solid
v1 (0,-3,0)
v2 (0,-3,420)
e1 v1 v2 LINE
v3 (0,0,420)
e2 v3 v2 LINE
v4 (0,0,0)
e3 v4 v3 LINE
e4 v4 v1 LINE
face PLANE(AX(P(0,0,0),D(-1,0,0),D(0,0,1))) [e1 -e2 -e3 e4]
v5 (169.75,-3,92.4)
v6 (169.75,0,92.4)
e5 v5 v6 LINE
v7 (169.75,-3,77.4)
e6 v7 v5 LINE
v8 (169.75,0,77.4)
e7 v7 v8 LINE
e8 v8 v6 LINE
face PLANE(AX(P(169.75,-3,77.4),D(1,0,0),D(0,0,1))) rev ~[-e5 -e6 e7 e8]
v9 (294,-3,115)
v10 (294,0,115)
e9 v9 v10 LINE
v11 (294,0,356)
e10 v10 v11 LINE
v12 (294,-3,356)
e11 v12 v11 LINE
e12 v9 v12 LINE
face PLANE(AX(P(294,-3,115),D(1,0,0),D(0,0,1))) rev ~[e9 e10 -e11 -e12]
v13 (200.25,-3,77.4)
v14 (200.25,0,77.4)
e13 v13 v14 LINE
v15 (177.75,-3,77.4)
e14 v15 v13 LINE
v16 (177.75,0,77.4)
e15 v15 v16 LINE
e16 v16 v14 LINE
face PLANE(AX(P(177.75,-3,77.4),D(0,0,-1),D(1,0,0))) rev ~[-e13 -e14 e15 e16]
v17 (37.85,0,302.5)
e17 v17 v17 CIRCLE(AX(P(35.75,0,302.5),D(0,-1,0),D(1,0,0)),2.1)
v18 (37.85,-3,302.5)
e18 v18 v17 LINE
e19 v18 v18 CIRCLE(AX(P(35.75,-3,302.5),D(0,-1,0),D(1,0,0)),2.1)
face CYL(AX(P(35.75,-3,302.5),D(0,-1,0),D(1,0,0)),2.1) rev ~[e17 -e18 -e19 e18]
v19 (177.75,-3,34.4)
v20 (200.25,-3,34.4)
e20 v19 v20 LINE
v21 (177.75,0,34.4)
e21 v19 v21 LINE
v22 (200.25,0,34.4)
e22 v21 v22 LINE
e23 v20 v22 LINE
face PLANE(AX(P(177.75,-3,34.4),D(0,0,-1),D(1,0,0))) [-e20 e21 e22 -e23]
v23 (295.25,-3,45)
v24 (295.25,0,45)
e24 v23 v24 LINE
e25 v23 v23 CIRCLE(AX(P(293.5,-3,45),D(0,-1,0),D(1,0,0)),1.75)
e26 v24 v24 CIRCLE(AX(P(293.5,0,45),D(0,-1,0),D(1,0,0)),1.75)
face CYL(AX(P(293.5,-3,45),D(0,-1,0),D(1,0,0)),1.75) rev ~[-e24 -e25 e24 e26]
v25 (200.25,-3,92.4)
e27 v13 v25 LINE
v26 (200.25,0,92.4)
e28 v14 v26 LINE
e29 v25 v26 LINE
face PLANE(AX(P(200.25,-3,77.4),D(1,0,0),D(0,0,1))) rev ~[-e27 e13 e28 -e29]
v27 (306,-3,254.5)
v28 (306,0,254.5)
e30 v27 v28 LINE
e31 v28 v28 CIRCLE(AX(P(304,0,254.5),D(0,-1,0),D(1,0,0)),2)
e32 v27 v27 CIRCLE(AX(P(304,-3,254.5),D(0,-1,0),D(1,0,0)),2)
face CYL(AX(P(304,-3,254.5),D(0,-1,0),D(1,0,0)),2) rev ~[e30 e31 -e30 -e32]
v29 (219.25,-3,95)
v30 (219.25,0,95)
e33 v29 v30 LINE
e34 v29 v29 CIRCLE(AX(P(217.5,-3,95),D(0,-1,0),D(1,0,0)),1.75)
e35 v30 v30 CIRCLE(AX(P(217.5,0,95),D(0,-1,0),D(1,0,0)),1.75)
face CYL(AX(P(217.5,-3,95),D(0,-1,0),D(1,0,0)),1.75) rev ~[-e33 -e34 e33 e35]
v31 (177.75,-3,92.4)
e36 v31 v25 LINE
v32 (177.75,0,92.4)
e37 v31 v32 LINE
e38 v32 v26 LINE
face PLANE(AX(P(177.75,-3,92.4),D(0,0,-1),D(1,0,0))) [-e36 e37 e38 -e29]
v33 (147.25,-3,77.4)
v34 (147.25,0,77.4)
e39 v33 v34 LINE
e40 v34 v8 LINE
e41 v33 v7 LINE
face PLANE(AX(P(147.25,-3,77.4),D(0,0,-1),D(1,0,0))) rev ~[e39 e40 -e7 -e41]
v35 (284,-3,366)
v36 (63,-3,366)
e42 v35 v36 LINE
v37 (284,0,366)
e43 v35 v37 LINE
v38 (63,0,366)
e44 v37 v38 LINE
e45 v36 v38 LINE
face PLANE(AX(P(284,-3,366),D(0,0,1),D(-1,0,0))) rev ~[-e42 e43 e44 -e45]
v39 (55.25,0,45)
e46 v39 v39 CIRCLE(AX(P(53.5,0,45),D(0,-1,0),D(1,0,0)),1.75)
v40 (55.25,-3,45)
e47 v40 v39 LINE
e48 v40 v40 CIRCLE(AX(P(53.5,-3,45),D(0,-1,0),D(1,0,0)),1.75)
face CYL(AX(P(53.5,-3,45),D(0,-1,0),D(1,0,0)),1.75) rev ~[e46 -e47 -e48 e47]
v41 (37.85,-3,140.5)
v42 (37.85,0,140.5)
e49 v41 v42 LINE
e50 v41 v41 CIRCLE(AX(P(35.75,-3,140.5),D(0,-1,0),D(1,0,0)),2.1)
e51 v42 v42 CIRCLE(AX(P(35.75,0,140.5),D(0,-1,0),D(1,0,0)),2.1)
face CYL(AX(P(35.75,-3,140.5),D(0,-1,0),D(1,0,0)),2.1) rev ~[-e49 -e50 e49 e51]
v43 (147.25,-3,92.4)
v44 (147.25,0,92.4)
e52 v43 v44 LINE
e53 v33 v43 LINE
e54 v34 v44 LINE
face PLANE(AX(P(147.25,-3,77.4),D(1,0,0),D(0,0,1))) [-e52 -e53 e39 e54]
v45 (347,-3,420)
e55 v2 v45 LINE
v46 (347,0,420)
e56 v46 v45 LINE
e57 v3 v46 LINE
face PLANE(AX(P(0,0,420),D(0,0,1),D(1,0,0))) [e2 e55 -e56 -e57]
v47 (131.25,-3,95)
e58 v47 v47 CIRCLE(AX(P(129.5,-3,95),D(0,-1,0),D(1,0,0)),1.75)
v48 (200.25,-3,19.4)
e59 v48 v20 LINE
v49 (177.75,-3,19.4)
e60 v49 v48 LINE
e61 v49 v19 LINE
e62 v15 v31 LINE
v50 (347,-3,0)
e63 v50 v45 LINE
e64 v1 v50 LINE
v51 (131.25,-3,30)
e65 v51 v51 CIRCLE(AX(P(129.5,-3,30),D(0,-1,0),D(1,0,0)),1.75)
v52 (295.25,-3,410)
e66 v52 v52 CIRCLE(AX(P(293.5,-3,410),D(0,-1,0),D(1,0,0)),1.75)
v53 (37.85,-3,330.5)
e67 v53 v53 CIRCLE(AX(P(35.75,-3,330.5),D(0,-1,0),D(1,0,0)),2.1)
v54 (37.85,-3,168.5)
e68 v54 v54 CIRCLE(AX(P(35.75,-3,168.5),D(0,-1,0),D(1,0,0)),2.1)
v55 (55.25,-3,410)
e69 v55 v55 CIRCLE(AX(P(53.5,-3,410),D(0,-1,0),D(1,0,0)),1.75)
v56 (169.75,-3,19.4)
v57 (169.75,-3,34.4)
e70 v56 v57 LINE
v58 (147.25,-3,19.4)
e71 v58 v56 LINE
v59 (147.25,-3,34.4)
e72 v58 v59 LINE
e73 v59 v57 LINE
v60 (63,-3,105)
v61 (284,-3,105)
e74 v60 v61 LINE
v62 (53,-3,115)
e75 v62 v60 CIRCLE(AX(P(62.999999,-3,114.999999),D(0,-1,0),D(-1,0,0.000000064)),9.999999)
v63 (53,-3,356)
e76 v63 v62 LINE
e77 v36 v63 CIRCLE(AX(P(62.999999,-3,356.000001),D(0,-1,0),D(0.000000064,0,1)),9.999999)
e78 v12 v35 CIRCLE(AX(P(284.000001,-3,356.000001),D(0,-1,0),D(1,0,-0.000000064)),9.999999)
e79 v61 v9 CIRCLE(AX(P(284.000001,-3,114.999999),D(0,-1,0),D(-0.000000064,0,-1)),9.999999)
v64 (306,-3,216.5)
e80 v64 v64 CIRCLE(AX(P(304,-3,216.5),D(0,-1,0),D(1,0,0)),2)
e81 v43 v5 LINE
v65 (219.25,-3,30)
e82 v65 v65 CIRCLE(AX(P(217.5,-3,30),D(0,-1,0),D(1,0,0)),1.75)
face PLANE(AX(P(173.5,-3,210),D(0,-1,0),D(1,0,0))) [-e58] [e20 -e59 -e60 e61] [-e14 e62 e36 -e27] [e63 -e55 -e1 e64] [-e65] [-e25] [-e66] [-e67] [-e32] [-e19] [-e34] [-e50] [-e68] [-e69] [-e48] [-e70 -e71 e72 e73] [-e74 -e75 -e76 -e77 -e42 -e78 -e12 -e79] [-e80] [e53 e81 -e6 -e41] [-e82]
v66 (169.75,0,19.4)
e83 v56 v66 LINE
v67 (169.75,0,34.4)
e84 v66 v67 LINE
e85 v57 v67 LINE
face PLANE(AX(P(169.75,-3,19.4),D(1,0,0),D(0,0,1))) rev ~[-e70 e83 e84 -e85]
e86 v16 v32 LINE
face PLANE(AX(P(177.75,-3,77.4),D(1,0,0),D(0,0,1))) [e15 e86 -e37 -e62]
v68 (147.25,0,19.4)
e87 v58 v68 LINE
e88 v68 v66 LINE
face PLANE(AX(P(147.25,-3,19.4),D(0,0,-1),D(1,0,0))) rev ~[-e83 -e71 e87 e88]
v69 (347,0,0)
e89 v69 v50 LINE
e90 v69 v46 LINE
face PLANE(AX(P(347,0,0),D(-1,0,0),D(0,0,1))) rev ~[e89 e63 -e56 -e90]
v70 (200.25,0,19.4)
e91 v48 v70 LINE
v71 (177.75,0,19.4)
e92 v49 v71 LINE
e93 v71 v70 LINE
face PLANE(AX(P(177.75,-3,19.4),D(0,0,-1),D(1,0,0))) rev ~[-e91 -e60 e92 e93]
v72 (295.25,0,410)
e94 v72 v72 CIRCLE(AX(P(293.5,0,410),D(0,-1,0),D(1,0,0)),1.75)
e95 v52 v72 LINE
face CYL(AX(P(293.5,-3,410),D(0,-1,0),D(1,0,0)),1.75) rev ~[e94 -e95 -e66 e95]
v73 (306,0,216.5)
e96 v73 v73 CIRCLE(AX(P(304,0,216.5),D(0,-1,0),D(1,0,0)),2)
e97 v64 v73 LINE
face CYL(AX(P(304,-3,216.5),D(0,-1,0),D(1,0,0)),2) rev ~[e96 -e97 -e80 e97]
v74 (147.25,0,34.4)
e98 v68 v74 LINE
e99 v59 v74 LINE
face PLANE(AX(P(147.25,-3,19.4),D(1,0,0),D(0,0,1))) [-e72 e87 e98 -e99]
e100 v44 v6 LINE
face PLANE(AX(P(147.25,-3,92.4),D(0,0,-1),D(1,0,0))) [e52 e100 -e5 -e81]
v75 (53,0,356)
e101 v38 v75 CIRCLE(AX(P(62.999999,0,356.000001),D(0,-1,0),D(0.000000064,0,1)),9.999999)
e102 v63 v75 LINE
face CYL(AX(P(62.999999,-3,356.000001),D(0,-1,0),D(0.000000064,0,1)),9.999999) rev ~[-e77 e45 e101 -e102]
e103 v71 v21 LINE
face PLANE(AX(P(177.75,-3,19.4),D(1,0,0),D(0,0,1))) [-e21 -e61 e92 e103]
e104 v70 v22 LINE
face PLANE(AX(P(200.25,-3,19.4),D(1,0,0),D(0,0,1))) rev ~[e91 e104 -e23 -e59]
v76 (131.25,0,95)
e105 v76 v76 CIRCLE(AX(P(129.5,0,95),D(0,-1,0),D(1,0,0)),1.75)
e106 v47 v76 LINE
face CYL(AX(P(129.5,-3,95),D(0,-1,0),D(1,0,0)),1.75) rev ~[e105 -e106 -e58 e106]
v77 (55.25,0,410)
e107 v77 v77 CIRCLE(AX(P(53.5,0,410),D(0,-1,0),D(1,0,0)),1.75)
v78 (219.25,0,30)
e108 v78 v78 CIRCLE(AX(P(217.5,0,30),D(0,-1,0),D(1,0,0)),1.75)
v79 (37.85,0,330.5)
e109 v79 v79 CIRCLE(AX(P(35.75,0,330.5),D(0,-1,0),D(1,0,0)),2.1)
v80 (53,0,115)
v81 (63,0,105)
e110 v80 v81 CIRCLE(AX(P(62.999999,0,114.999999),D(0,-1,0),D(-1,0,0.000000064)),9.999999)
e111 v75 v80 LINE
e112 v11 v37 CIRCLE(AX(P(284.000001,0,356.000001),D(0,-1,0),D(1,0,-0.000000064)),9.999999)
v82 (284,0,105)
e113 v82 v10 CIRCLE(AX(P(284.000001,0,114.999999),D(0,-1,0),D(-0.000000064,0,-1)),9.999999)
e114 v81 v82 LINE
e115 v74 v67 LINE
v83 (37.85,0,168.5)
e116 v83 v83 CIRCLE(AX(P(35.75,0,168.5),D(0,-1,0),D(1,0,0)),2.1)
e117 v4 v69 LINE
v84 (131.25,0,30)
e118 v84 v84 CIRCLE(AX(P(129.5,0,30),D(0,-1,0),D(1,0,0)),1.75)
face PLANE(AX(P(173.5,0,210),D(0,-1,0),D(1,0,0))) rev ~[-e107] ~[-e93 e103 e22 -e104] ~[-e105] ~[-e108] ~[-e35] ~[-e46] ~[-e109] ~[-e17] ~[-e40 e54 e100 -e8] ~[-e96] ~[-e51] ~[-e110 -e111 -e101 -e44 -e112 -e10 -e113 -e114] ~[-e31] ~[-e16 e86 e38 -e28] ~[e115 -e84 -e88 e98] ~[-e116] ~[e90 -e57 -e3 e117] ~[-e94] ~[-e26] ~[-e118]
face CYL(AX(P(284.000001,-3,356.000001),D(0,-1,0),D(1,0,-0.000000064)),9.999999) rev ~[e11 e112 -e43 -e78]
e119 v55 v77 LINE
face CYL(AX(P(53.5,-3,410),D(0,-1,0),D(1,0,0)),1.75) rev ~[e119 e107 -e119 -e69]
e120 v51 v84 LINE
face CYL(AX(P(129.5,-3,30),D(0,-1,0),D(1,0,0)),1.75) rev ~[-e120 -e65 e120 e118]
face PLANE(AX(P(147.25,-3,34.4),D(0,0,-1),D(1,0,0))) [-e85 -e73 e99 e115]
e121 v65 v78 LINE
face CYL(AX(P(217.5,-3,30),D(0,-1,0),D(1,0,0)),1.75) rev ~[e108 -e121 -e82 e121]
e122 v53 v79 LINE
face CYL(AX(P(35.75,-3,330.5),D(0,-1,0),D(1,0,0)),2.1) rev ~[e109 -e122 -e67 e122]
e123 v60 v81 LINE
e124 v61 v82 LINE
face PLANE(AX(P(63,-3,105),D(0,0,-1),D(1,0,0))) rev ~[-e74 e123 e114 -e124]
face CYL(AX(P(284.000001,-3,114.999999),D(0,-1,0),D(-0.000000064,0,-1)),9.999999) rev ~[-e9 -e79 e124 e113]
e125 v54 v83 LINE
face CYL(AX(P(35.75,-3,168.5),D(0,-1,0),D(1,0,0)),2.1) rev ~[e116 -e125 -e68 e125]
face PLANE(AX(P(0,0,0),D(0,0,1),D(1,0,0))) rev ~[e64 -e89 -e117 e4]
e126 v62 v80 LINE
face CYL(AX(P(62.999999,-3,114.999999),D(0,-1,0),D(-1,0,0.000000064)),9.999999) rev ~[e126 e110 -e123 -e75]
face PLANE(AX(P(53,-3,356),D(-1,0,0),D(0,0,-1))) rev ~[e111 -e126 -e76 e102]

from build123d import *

# Parameters (mm, degrees)
SKETCH_W            = 347
SKETCH_H            = 420
PAD_DEPTH           = 3
SKETCH001_R         = 1.75
POCKET_DEPTH        = 3.001
POCKET001_DEPTH     = 5
SKETCH003_R         = 1.75
POCKET002_DEPTH     = 3.001
SKETCH005_W         = 22.5
SKETCH005_H         = 15
POCKET003_DEPTH     = 3
LINEARPATTERN_COUNT = 2
LINEARPATTERN_PITCH = 58
SKETCH006_R         = 2.1
SKETCH006_R_2       = 2
POCKET004_DEPTH     = 3.001


with BuildPart() as part:
    # Sketch → Pad (new body)
    with BuildSketch(Plane.XZ):
        with Locations((173.5, 210)):
            Rectangle(SKETCH_W, SKETCH_H)
    extrude(amount=PAD_DEPTH)

    # Sketch001 (on Face6 of Pad) → Pocket (cut, through all)
    with BuildSketch(Plane.XZ.offset(3)):
        with Locations((53.5, 45)):
            Circle(SKETCH001_R)
        with Locations((293.5, 45)):
            Circle(SKETCH001_R)
        with Locations((293.5, 410)):
            Circle(SKETCH001_R)
        with Locations((53.5, 410)):
            Circle(SKETCH001_R)
    extrude(amount=-POCKET_DEPTH, mode=Mode.SUBTRACT)

    # Sketch002 (on Face5 of Pocket) → Pocket001 (cut)
    with BuildSketch(Plane.XZ.offset(3)):
        with BuildLine():
            Line((53, 356), (53, 115))
            ThreePointArc((53, 115), (55.928932, 107.928932), (63, 105))
            Line((63, 105), (284, 105))
            ThreePointArc((284, 105), (291.071068, 107.928932), (294, 115))
            Line((294, 115), (294, 356))
            ThreePointArc((294, 356), (291.071068, 363.071068), (284, 366))
            Line((284, 366), (63, 366))
            ThreePointArc((63, 366), (55.928932, 363.071068), (53, 356))
        make_face()
    extrude(amount=-POCKET001_DEPTH, mode=Mode.SUBTRACT)

    # Sketch003 (on Face5 of Pocket001) → Pocket002 (cut, through all)
    with BuildSketch(Plane.XZ.offset(3)):
        with Locations((129.5, 30)):
            Circle(SKETCH003_R)
        with Locations((129.5, 95)):
            Circle(SKETCH003_R)
        with Locations((217.5, 95)):
            Circle(SKETCH003_R)
        with Locations((217.5, 30)):
            Circle(SKETCH003_R)
    extrude(amount=-POCKET002_DEPTH, mode=Mode.SUBTRACT)

    # Sketch005 (on Face5 of Pocket002) → Pocket003 (cut)
    with BuildSketch(Plane.XZ.offset(3)):
        with Locations((158.5, 84.9)):
            Rectangle(SKETCH005_W, SKETCH005_H)
        with Locations((189, 84.9)):
            Rectangle(SKETCH005_W, SKETCH005_H)
    pocket003 = extrude(amount=-POCKET003_DEPTH, mode=Mode.SUBTRACT)

    # LinearPattern: Pocket003 ×2
    with Locations(*[(0, 0, -i * LINEARPATTERN_PITCH) for i in range(1, LINEARPATTERN_COUNT)]):
        add(pocket003, mode=Mode.SUBTRACT)

    # Sketch006 (on Face5 of LinearPattern) → Pocket004 (cut, through all)
    with BuildSketch(Plane.XZ.offset(3)):
        with Locations((35.75, 330.5)):
            Circle(SKETCH006_R)
        with Locations((35.75, 302.5)):
            Circle(SKETCH006_R)
        with Locations((35.75, 168.5)):
            Circle(SKETCH006_R)
        with Locations((35.75, 140.5)):
            Circle(SKETCH006_R)
        with Locations((304, 254.5)):
            Circle(SKETCH006_R_2)
        with Locations((304, 216.5)):
            Circle(SKETCH006_R_2)
    extrude(amount=-POCKET004_DEPTH, mode=Mode.SUBTRACT)


solid = part.part
